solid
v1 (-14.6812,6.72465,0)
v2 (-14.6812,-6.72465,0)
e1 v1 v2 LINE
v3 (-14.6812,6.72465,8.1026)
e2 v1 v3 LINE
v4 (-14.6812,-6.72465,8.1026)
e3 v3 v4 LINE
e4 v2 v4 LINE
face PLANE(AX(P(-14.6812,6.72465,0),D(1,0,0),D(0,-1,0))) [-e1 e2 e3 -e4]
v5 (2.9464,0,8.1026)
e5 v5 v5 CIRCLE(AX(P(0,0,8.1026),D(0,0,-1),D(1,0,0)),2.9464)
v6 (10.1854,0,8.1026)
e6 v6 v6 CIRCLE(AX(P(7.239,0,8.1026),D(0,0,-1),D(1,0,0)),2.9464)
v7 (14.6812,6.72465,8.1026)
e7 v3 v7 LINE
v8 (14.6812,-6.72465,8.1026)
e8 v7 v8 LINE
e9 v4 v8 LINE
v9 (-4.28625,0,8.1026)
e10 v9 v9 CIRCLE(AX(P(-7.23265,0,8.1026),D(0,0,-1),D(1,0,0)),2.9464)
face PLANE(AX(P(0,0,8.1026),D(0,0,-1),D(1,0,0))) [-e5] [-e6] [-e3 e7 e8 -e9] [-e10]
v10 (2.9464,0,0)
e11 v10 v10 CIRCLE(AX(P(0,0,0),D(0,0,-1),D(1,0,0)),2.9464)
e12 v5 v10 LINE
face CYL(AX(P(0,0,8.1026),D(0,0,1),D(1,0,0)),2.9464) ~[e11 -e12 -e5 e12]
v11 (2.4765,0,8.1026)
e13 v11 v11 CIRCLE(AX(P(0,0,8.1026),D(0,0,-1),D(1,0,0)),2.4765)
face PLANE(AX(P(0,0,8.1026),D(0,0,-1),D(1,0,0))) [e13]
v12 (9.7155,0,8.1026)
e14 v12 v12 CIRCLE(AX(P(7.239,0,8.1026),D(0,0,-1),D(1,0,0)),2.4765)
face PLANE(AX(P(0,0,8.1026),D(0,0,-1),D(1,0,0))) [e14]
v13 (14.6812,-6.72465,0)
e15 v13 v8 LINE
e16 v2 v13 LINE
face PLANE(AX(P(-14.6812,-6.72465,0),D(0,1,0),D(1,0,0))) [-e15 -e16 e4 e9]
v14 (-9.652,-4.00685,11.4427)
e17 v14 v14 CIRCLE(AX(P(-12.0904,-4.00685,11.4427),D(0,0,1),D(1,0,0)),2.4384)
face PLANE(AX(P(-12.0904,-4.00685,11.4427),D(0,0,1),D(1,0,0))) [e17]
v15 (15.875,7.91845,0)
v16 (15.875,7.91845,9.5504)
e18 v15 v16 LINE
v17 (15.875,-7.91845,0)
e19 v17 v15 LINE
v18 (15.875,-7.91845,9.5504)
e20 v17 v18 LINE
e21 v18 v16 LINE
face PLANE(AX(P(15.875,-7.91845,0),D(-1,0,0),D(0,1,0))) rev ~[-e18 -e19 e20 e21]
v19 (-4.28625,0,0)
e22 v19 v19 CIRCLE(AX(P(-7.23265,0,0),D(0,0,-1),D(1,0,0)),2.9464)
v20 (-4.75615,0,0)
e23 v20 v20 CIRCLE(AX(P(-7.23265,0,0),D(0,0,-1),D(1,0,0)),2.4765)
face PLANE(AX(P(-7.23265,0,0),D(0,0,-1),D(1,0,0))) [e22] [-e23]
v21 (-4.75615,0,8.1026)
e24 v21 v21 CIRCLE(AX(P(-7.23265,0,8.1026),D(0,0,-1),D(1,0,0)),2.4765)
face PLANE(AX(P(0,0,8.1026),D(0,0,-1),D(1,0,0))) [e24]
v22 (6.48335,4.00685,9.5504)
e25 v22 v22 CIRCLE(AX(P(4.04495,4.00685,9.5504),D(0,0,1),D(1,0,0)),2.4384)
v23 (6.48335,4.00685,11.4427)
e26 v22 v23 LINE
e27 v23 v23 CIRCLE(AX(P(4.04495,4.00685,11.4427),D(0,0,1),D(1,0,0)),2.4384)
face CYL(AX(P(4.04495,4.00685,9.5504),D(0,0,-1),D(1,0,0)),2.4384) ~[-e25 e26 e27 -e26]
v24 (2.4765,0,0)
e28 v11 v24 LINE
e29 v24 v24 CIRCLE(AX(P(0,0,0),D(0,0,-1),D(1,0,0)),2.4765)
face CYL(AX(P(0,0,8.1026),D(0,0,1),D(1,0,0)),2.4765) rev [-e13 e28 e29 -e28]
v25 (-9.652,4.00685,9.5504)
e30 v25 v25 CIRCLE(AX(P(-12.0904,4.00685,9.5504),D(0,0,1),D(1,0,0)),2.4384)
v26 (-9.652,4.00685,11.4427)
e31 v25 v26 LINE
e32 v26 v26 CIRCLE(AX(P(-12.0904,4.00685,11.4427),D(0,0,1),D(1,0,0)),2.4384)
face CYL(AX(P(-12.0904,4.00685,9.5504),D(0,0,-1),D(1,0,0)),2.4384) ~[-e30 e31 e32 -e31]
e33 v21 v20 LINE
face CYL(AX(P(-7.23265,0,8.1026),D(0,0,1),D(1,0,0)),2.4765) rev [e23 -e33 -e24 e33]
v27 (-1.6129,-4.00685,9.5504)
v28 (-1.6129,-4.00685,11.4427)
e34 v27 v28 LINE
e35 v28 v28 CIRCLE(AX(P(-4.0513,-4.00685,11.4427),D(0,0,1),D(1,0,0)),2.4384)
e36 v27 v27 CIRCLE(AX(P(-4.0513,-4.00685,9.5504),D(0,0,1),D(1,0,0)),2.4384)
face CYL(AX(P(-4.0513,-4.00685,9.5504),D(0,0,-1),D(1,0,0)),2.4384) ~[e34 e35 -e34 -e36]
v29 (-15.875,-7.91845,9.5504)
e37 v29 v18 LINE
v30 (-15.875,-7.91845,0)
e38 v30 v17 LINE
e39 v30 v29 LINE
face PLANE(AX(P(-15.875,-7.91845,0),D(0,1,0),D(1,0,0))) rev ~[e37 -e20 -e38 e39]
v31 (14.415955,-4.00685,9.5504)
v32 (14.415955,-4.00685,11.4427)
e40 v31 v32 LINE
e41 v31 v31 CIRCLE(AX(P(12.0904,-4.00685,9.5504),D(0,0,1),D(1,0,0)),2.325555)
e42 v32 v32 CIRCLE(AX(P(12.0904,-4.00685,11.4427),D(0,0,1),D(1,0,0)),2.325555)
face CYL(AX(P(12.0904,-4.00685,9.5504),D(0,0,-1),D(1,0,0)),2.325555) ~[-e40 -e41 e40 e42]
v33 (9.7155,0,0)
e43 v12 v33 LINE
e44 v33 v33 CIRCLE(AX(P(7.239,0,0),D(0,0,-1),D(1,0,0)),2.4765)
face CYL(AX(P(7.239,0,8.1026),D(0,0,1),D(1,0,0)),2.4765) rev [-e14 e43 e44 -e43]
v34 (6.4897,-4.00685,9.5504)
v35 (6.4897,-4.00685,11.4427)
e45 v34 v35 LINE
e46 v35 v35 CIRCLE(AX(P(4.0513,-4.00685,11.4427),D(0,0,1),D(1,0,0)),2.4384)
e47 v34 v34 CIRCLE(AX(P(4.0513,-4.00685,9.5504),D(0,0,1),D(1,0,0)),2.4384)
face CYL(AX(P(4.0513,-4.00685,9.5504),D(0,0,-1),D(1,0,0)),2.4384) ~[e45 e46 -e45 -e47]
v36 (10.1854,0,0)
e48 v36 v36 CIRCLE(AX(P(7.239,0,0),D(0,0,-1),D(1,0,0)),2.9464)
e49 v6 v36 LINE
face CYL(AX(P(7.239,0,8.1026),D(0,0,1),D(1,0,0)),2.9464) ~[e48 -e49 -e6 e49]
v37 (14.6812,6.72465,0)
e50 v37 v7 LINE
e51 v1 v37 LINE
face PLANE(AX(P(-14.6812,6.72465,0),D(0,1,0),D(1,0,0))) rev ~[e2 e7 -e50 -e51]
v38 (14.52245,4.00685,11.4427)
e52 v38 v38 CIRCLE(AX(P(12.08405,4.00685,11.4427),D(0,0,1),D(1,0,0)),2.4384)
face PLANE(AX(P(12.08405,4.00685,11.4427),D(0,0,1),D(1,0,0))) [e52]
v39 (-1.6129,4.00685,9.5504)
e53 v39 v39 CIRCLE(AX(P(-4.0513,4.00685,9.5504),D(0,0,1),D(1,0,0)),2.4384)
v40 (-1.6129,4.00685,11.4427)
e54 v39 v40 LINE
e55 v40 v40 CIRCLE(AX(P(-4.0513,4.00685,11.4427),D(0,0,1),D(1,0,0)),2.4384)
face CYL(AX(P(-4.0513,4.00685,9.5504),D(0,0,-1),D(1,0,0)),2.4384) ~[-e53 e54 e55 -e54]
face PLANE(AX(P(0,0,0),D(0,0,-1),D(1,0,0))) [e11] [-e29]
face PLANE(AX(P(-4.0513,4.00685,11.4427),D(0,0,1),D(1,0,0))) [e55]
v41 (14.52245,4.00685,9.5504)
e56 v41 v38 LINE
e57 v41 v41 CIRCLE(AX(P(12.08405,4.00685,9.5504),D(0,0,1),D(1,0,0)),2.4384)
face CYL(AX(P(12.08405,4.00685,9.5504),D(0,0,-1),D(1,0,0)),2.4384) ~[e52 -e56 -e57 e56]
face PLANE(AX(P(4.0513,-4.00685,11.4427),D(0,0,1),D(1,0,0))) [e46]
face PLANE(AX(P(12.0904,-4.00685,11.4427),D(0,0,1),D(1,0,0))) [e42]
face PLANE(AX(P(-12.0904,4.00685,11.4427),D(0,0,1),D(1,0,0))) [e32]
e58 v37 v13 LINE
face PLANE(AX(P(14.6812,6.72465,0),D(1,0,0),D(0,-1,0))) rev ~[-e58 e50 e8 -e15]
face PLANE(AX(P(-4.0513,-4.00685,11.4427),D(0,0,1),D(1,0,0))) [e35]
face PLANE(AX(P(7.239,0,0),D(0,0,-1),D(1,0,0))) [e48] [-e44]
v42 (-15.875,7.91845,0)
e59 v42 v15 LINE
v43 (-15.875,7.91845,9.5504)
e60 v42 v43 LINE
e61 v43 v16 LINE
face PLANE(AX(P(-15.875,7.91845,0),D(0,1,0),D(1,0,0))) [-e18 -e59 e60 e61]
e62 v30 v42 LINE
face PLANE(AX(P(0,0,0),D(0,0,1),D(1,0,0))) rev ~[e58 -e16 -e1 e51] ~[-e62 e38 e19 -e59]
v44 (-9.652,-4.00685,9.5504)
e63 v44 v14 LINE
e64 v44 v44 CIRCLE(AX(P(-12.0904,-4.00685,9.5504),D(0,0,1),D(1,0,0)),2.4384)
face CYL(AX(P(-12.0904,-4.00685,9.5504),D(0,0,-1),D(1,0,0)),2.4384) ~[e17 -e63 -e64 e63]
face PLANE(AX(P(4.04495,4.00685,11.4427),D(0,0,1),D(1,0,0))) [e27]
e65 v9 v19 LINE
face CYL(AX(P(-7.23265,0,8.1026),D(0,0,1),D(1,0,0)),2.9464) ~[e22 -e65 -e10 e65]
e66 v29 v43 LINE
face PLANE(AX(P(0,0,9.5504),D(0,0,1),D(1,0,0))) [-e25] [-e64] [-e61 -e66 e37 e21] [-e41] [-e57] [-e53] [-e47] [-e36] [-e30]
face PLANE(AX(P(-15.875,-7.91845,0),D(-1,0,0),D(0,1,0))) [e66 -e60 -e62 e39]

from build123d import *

# Parameters (mm, degrees)
F0_W     = 31.75
F0_H     = 15.8369
F1_DEPTH = 9.5504
F2_W     = 29.3624
F2_H     = 13.4493
F3_DEPTH = 8.1026
F4_R     = 2.4384
F4_R_2   = 2.325555
F5_DEPTH = 1.8923
F6_R     = 2.9464
F6_R_2   = 2.4765
F7_DEPTH = 8.1026


with BuildPart() as f1:
    # F0 (on Top) → F1 (new body)
    with BuildSketch(Plane.XY):
        Rectangle(F0_W, F0_H)
    extrude(amount=F1_DEPTH)

    # F2 (on face) → F3 (cut)
    with BuildSketch(Plane(origin=(0, 0, 0), x_dir=(1, 0, 0), z_dir=(0, 0, -1))):
        Rectangle(F2_W, F2_H)
    extrude(amount=-F3_DEPTH, mode=Mode.SUBTRACT)

    # F4 (on face) → F5 (join)
    with BuildSketch(Plane.XY.offset(9.5504)):
        with Locations((12.08405, 4.00685)):
            Circle(F4_R)
        with Locations((4.04495, 4.00685)):
            Circle(F4_R)
        with Locations((-4.0513, 4.00685)):
            Circle(F4_R)
        with Locations((-12.0904, 4.00685)):
            Circle(F4_R)
        with Locations((-12.0904, -4.00685)):
            Circle(F4_R)
        with Locations((-4.0513, -4.00685)):
            Circle(F4_R)
        with Locations((4.0513, -4.00685)):
            Circle(F4_R)
        with Locations((12.0904, -4.00685)):
            Circle(F4_R_2)
    extrude(amount=F5_DEPTH)

    # F6 (on face) → F7 (join)
    with BuildSketch(Plane(origin=(0, 0, 8.1026), x_dir=(1, 0, 0), z_dir=(0, 0, -1))):
        Circle(F6_R)
        Circle(F6_R_2, mode=Mode.SUBTRACT)
        with Locations((-7.23265, 0)):
            Circle(F6_R)
        with Locations((-7.23265, 0)):
            Circle(F6_R_2, mode=Mode.SUBTRACT)
        with Locations((7.239, 0)):
            Circle(F6_R)
        with Locations((7.239, 0)):
            Circle(F6_R_2, mode=Mode.SUBTRACT)
    extrude(amount=F7_DEPTH)


solid = f1.part
